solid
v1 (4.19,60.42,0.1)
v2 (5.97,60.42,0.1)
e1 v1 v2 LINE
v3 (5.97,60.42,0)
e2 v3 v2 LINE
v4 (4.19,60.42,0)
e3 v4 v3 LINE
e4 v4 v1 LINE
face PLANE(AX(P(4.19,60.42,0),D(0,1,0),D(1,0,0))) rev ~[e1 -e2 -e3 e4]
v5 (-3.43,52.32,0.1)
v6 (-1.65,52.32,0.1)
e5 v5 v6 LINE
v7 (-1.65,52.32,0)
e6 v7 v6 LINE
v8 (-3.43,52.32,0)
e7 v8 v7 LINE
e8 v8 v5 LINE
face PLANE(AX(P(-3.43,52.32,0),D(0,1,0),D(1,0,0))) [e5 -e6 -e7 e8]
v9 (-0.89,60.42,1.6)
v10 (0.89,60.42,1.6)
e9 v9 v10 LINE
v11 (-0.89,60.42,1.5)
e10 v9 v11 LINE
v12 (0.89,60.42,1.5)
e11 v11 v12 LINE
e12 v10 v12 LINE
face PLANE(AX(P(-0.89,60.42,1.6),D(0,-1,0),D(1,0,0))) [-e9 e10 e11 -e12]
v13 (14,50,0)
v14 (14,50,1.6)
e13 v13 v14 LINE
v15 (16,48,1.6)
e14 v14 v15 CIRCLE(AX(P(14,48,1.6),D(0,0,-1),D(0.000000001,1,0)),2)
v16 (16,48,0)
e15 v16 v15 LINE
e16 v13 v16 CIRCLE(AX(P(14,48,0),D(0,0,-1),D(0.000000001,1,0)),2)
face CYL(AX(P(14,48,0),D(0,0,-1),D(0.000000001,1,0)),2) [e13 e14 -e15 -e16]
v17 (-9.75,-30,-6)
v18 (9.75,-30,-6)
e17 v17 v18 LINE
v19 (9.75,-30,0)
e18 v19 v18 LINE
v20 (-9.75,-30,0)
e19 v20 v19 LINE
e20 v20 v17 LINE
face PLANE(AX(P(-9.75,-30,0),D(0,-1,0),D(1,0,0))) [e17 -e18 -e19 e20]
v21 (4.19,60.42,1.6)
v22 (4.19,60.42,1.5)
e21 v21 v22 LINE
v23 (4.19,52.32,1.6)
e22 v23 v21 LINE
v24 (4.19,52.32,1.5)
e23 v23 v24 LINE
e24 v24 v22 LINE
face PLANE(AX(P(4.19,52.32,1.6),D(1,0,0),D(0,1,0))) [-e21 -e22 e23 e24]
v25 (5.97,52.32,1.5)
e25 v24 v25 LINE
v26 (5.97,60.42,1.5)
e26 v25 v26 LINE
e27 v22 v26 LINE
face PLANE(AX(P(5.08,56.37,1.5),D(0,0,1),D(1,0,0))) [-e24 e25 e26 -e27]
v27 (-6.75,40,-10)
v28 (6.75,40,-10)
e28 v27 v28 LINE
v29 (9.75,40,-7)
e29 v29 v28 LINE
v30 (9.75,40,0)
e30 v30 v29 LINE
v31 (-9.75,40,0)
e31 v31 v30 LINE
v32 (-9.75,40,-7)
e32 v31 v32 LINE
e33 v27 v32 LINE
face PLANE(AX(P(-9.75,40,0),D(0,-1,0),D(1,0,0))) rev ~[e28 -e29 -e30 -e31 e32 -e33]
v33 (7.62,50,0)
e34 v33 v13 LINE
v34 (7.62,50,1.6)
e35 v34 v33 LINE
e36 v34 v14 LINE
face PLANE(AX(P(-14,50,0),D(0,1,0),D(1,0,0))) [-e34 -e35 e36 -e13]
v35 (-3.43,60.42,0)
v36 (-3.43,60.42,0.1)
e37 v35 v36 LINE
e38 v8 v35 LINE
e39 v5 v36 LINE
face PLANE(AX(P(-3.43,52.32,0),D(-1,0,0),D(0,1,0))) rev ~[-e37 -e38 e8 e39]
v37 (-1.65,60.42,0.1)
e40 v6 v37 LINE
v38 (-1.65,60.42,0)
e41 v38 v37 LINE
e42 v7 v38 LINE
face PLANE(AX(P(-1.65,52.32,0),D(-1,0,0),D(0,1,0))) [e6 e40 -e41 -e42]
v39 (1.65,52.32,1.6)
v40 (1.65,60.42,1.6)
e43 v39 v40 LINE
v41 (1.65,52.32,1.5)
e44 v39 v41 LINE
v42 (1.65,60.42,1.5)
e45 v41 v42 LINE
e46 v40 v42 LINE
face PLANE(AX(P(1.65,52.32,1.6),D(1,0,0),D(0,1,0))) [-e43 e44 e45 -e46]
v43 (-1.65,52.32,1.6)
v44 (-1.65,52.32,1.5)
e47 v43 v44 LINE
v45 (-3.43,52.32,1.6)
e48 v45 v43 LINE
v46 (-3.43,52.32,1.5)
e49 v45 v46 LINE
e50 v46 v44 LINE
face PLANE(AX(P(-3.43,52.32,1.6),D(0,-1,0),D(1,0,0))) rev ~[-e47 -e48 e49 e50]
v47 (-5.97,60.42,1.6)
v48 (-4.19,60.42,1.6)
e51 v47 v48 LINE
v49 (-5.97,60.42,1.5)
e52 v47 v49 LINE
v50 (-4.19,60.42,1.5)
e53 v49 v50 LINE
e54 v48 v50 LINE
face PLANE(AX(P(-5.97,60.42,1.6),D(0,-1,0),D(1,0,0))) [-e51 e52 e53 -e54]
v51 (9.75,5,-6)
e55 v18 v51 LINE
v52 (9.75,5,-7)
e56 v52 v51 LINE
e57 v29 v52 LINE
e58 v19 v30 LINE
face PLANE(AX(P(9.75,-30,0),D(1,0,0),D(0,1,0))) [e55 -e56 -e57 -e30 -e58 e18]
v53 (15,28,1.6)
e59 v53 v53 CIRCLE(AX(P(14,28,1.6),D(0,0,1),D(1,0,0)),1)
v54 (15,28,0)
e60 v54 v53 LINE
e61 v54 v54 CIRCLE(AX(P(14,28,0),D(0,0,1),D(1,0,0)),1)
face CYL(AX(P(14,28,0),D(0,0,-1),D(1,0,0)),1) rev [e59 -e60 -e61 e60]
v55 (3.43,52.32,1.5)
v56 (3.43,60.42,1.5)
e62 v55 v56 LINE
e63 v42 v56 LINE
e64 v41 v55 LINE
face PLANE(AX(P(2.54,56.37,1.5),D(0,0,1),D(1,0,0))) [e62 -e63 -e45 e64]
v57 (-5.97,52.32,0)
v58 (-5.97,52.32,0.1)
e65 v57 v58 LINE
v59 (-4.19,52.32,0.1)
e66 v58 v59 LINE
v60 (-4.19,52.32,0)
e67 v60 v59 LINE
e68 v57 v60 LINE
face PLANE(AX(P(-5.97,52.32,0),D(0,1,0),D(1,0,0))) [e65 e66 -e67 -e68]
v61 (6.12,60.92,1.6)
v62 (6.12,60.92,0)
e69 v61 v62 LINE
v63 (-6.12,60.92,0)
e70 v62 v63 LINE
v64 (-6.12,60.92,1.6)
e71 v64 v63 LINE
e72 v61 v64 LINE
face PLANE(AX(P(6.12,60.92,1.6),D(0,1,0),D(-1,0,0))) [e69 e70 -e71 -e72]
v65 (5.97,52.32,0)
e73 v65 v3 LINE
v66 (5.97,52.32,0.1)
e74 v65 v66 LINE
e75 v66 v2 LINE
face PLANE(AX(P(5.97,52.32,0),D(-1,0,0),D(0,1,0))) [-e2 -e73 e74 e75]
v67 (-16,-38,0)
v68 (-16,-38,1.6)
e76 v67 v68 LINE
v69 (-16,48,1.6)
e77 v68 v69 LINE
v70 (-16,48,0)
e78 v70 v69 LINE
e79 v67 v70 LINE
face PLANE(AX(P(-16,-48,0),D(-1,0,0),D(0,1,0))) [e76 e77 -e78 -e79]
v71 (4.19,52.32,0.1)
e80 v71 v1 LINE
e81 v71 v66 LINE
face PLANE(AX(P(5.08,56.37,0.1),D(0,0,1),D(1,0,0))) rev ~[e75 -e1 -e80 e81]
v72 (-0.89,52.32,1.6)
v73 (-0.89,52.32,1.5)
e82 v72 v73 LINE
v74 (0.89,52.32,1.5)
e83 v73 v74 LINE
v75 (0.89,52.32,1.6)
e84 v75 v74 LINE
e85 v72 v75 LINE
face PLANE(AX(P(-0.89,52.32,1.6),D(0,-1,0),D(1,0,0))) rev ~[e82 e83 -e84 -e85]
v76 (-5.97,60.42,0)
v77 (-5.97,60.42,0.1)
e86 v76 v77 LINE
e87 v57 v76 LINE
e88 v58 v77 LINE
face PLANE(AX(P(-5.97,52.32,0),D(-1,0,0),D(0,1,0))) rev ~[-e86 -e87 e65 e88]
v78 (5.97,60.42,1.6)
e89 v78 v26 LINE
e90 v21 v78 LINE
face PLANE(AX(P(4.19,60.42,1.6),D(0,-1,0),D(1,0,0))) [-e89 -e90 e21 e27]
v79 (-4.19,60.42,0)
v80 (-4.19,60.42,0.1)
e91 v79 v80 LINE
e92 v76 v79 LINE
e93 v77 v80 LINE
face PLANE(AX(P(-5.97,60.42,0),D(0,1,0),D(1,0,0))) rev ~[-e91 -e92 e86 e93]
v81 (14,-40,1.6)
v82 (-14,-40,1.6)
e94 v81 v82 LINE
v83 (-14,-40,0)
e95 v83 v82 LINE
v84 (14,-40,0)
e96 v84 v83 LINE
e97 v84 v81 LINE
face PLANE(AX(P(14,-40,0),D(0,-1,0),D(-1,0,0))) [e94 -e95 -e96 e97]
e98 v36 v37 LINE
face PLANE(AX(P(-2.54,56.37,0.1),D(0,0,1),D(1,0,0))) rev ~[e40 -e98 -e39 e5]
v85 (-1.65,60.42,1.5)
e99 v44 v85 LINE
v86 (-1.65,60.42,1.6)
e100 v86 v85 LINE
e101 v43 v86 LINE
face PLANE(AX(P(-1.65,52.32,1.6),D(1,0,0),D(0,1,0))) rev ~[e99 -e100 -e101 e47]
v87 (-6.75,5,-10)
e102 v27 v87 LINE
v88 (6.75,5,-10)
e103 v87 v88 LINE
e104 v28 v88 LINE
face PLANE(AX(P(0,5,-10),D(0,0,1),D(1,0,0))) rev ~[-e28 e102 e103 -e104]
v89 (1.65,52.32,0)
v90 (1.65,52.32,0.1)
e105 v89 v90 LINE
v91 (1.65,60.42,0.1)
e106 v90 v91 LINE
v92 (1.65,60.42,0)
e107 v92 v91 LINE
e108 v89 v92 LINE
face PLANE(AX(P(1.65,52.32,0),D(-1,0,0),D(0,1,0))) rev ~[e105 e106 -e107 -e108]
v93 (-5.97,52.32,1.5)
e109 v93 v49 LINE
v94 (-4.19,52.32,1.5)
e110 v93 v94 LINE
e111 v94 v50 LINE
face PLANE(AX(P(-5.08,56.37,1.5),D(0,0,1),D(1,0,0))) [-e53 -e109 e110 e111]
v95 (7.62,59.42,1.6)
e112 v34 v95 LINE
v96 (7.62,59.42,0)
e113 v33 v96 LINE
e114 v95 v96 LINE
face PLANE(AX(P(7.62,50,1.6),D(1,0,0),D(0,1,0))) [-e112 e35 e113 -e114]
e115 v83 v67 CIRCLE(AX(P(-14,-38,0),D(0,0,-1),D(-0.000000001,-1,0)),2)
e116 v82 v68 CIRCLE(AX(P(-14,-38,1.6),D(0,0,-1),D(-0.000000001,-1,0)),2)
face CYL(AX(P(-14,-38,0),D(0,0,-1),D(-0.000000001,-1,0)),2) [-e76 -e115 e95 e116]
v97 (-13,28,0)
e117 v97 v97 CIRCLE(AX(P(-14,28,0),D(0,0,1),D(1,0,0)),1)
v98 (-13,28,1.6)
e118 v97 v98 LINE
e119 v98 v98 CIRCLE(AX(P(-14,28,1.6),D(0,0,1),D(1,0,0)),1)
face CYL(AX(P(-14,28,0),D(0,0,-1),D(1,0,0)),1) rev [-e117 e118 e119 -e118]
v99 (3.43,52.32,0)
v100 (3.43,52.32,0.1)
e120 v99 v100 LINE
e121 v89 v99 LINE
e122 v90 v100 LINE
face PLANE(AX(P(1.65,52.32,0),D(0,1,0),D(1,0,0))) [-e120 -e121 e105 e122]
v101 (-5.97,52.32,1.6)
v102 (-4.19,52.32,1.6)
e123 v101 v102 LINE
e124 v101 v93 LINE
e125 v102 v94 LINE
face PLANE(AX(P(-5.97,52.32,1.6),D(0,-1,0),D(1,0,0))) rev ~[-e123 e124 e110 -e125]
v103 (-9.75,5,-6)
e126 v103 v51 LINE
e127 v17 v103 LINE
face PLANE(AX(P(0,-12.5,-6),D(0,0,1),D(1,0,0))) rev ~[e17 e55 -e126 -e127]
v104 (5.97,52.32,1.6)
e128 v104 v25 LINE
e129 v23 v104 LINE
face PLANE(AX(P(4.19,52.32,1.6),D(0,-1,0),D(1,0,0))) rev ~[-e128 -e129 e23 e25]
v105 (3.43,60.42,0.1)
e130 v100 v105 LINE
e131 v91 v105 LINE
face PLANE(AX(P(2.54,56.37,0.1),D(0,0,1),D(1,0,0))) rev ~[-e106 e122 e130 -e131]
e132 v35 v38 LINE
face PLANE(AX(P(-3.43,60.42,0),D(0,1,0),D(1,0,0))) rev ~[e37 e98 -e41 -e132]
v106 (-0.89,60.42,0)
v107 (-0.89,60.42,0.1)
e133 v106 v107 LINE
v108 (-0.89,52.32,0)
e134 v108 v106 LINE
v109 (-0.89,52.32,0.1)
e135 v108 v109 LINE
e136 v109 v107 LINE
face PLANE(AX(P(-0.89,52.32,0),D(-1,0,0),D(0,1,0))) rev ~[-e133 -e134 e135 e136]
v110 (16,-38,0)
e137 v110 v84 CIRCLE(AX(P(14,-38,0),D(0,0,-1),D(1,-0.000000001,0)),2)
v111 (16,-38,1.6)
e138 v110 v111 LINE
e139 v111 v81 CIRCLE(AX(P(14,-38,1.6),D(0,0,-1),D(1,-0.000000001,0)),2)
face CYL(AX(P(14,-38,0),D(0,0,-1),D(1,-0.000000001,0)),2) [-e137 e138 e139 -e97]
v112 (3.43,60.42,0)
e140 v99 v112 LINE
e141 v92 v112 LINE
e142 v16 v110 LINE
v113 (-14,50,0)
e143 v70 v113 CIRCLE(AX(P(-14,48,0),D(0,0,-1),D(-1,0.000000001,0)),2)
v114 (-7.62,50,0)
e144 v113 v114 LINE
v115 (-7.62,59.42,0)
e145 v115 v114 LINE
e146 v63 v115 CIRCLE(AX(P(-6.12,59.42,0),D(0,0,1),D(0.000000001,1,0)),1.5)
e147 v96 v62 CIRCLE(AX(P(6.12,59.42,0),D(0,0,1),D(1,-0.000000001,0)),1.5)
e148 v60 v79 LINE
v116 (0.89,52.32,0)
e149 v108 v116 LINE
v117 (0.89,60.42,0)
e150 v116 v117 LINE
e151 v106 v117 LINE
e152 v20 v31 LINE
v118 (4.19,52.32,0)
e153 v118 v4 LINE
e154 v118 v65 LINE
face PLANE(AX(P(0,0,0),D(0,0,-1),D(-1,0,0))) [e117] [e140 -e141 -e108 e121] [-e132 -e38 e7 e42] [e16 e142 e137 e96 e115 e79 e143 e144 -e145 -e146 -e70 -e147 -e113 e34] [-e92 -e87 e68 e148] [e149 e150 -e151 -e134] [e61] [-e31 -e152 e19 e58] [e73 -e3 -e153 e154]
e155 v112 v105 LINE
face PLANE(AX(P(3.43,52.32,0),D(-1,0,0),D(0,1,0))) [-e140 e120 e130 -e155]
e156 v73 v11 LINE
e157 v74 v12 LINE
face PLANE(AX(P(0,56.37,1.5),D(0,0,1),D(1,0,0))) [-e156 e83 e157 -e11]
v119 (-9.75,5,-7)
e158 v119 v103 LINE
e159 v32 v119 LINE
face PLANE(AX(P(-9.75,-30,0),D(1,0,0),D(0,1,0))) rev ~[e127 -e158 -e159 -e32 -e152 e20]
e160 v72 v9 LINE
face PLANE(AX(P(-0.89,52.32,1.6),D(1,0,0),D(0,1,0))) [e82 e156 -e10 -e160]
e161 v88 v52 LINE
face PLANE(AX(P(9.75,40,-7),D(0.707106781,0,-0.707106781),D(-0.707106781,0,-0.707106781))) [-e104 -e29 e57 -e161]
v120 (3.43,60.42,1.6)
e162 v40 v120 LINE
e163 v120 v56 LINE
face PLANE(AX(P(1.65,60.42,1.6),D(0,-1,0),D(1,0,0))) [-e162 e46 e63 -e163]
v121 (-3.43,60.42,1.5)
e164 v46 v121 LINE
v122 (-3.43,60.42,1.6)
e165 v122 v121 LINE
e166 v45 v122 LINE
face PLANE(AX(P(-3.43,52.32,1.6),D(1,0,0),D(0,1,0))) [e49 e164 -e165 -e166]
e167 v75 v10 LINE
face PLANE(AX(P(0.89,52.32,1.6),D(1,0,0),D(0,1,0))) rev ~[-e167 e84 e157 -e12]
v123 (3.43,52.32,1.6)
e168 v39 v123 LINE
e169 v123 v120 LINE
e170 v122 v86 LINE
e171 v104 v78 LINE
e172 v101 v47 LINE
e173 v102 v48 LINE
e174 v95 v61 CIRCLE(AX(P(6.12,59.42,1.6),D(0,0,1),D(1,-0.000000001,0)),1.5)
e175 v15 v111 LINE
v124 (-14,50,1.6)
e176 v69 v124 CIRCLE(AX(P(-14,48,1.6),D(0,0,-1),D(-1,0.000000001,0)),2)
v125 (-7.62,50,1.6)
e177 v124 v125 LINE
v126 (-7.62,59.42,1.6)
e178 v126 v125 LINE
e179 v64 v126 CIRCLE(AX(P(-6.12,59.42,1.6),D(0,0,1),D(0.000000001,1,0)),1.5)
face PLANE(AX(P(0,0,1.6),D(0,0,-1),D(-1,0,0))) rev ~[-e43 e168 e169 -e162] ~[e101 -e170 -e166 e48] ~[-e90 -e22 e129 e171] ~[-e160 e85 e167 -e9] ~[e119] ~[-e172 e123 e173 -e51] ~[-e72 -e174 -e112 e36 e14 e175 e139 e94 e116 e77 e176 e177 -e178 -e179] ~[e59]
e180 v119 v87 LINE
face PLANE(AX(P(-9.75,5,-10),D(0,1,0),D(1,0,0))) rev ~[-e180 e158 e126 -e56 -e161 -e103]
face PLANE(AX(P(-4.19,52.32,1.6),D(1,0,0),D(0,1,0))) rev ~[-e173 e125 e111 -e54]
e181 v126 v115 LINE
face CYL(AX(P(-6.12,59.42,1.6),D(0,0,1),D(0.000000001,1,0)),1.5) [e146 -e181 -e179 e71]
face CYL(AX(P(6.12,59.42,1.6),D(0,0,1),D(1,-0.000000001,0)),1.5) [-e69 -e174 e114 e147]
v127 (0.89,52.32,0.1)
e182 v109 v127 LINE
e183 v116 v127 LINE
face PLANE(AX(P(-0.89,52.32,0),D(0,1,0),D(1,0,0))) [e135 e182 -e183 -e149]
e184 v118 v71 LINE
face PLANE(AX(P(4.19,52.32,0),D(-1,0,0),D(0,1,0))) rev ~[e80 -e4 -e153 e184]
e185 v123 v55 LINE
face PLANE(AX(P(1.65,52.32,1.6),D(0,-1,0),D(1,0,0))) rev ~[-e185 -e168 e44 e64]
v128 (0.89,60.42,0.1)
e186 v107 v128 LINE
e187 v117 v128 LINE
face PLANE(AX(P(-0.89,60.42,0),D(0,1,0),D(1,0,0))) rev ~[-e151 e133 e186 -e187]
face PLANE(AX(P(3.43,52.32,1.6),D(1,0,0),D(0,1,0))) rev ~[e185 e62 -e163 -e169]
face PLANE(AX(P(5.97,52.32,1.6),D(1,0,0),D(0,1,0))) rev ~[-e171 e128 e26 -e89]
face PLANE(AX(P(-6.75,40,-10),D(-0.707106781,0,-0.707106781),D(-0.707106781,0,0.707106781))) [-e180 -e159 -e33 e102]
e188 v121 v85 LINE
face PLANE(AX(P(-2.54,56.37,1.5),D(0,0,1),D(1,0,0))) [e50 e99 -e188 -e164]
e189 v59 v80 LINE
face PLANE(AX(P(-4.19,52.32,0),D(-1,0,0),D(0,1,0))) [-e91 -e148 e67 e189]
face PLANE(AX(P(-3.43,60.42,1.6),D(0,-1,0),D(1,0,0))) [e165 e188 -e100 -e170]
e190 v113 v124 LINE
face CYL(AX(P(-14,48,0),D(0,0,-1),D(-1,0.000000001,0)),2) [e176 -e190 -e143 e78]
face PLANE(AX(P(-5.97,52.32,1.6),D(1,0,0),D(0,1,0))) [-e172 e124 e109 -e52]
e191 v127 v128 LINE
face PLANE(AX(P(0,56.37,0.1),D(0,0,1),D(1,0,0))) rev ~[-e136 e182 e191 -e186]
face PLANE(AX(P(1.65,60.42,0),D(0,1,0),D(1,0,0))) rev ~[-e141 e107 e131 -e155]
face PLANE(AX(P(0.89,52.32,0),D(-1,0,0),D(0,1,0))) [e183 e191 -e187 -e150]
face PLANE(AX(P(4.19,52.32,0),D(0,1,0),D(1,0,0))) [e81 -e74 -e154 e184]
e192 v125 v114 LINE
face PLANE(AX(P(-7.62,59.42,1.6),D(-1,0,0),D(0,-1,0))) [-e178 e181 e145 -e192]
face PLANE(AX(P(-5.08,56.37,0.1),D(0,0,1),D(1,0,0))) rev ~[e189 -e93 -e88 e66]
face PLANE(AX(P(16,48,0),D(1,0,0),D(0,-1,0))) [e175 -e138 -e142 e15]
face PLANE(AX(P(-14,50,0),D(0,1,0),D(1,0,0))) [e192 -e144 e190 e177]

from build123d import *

# Parameters (mm, degrees)
SKETCH_1_R          = 1
EXTRUDE_1_DEPTH     = 1.6
SKETCH_2_R          = 1
CUT_EXTRUDE_1_DEPTH = 1.6
EXTRUDE_START       = 1.6
EXTRUDE_2_DEPTH     = 1.6
SKETCH_4_W          = 1.78
SKETCH_4_H          = 8.1
CUT_EXTRUDE_2_DEPTH = 0.1
CUT_EXTRUDE_START   = 1.6
SKETCH_5_W          = 1.78
SKETCH_5_H          = 8.1
CUT_EXTRUDE_3_DEPTH = 0.1
SKETCH_6_W          = 19.5
SKETCH_6_H          = 70
EXTRUDE_3_DEPTH     = 10
CUT_EXTRUDE_START_2 = 40
CUT_EXTRUDE_4_DEPTH = 70
CUT_EXTRUDE_START_3 = -10
SKETCH_9_W          = 19.5
SKETCH_9_H          = 35
CUT_EXTRUDE_5_DEPTH = 4
CUT_EXTRUDE_6_DEPTH = 1.6


with BuildPart() as part:
    # 草图1 → 凸台-拉伸1 (new body)
    with BuildSketch(Plane.XY):
        with BuildLine():
            Line((-14, 50), (14, 50))
            ThreePointArc((14, 50), (15.414213562, 49.414213562), (16, 48))
            Line((16, 48), (16, -48))
            ThreePointArc((16, -48), (15.414213562, -49.414213562), (14, -50))
            Line((14, -50), (-14, -50))
            ThreePointArc((-14, -50), (-15.414213562, -49.414213562), (-16, -48))
            Line((-16, -48), (-16, 48))
            ThreePointArc((-16, 48), (-15.414213562, 49.414213562), (-14, 50))
        make_face()
        with Locations((-14, -48)):
            Circle(SKETCH_1_R, mode=Mode.SUBTRACT)
        with Locations((14, -48)):
            Circle(SKETCH_1_R, mode=Mode.SUBTRACT)
    extrude(amount=EXTRUDE_1_DEPTH)

    # 草图2 → 切除-拉伸1 (cut)
    with BuildSketch(Plane.XY):
        with Locations((-14, 28)):
            Circle(SKETCH_2_R)
        with Locations((14, 28)):
            Circle(SKETCH_2_R)
    extrude(amount=CUT_EXTRUDE_1_DEPTH, mode=Mode.SUBTRACT)

    # 草图3 → 凸台-拉伸2 (add)
    with BuildSketch(Plane.XY.offset(EXTRUDE_START)):
        with BuildLine():
            Line((-7.62, 50), (7.62, 50))
            Line((7.62, 50), (7.62, 59.42))
            ThreePointArc((7.62, 59.42), (7.180660172, 60.480660172), (6.12, 60.92))
            Line((6.12, 60.92), (-6.12, 60.92))
            ThreePointArc((-6.12, 60.92), (-7.180660172, 60.480660172), (-7.62, 59.42))
            Line((-7.62, 59.42), (-7.62, 50))
        make_face()
        with BuildLine():
            Line((-7.62, -59.42), (-7.62, -50))
            Line((-7.62, -50), (7.62, -50))
            Line((7.62, -50), (7.62, -59.42))
            ThreePointArc((7.62, -59.42), (7.180660172, -60.480660172), (6.12, -60.92))
            Line((6.12, -60.92), (-6.12, -60.92))
            ThreePointArc((-6.12, -60.92), (-7.180660172, -60.480660172), (-7.62, -59.42))
        make_face()
    extrude(amount=-EXTRUDE_2_DEPTH)

    # 草图4 → 切除-拉伸2 (cut)
    with BuildSketch(Plane.XY):
        with Locations((0, 56.37)):
            Rectangle(SKETCH_4_W, SKETCH_4_H)
        with Locations((2.54, 56.37)):
            Rectangle(SKETCH_4_W, SKETCH_4_H)
        with Locations((5.08, 56.37)):
            Rectangle(SKETCH_4_W, SKETCH_4_H)
        with Locations((-2.54, 56.37)):
            Rectangle(SKETCH_4_W, SKETCH_4_H)
        with Locations((-5.08, 56.37)):
            Rectangle(SKETCH_4_W, SKETCH_4_H)
        with Locations((-5.08, -56.37)):
            Rectangle(SKETCH_4_W, SKETCH_4_H)
        with Locations((-2.54, -56.37)):
            Rectangle(SKETCH_4_W, SKETCH_4_H)
        with Locations((5.08, -56.37)):
            Rectangle(SKETCH_4_W, SKETCH_4_H)
        with Locations((2.54, -56.37)):
            Rectangle(SKETCH_4_W, SKETCH_4_H)
        with Locations((0, -56.37)):
            Rectangle(SKETCH_4_W, SKETCH_4_H)
    extrude(amount=CUT_EXTRUDE_2_DEPTH, mode=Mode.SUBTRACT)

    # 草图5 → 切除-拉伸3 (cut)
    with BuildSketch(Plane.XY.offset(CUT_EXTRUDE_START)):
        with Locations((2.54, 56.37)):
            Rectangle(SKETCH_5_W, SKETCH_5_H)
        with Locations((0, 56.37)):
            Rectangle(SKETCH_5_W, SKETCH_5_H)
        with Locations((-5.08, 56.37)):
            Rectangle(SKETCH_5_W, SKETCH_5_H)
        with Locations((-2.54, 56.37)):
            Rectangle(SKETCH_5_W, SKETCH_5_H)
        with Locations((5.08, 56.37)):
            Rectangle(SKETCH_5_W, SKETCH_5_H)
        with Locations((2.54, -56.37)):
            Rectangle(SKETCH_5_W, SKETCH_5_H)
        with Locations((5.08, -56.37)):
            Rectangle(SKETCH_5_W, SKETCH_5_H)
        with Locations((-2.54, -56.37)):
            Rectangle(SKETCH_5_W, SKETCH_5_H)
        with Locations((-5.08, -56.37)):
            Rectangle(SKETCH_5_W, SKETCH_5_H)
        with Locations((0, -56.37)):
            Rectangle(SKETCH_5_W, SKETCH_5_H)
    extrude(amount=-CUT_EXTRUDE_3_DEPTH, mode=Mode.SUBTRACT)

    # 草图6 → 凸台-拉伸3 (add)
    with BuildSketch(Plane.XY):
        with Locations((0, 5)):
            Rectangle(SKETCH_6_W, SKETCH_6_H)
    extrude(amount=-EXTRUDE_3_DEPTH)

    # 草图7 → 切除-拉伸4 (cut)
    with BuildSketch(Plane(origin=(0, 0, 0), x_dir=(1, 0, 0), z_dir=(0, 1, 0)).offset(CUT_EXTRUDE_START_2)):
        Polygon((9.75, 10), (9.75, 7), (6.75, 10), align=None)
        Polygon((-9.75, 10), (-6.75, 10), (-9.75, 7), align=None)
    extrude(amount=-CUT_EXTRUDE_4_DEPTH, mode=Mode.SUBTRACT)

    # 草图9 → 切除-拉伸5 (cut)
    with BuildSketch(Plane.XY.offset(CUT_EXTRUDE_START_3)):
        with Locations((0, -12.5)):
            Rectangle(SKETCH_9_W, SKETCH_9_H)
    extrude(amount=CUT_EXTRUDE_5_DEPTH, mode=Mode.SUBTRACT)

    # 草图11 → 切除-拉伸6 (cut)
    with BuildSketch(Plane.XY):
        with BuildLine():
            Line((7.62, -50), (14, -50))
            ThreePointArc((14, -50), (15.414213562, -49.414213562), (16, -48))
            Line((16, -48), (16, -38))
            ThreePointArc((16, -38), (15.414213562, -39.414213562), (14, -40))
            Line((14, -40), (-14, -40))
            ThreePointArc((-14, -40), (-15.414213562, -39.414213562), (-16, -38))
            Line((-16, -38), (-16, -48))
            ThreePointArc((-16, -48), (-15.414213562, -49.414213562), (-14, -50))
            Line((-14, -50), (-7.62, -50))
            Line((-7.62, -50), (-7.62, -59.42))
            ThreePointArc((-7.62, -59.42), (-7.180660172, -60.480660172), (-6.12, -60.92))
            Line((-6.12, -60.92), (6.12, -60.92))
            ThreePointArc((6.12, -60.92), (7.180660172, -60.480660172), (7.62, -59.42))
            Line((7.62, -59.42), (7.62, -50))
        make_face()
    extrude(amount=CUT_EXTRUDE_6_DEPTH, mode=Mode.SUBTRACT)


solid = part.part
